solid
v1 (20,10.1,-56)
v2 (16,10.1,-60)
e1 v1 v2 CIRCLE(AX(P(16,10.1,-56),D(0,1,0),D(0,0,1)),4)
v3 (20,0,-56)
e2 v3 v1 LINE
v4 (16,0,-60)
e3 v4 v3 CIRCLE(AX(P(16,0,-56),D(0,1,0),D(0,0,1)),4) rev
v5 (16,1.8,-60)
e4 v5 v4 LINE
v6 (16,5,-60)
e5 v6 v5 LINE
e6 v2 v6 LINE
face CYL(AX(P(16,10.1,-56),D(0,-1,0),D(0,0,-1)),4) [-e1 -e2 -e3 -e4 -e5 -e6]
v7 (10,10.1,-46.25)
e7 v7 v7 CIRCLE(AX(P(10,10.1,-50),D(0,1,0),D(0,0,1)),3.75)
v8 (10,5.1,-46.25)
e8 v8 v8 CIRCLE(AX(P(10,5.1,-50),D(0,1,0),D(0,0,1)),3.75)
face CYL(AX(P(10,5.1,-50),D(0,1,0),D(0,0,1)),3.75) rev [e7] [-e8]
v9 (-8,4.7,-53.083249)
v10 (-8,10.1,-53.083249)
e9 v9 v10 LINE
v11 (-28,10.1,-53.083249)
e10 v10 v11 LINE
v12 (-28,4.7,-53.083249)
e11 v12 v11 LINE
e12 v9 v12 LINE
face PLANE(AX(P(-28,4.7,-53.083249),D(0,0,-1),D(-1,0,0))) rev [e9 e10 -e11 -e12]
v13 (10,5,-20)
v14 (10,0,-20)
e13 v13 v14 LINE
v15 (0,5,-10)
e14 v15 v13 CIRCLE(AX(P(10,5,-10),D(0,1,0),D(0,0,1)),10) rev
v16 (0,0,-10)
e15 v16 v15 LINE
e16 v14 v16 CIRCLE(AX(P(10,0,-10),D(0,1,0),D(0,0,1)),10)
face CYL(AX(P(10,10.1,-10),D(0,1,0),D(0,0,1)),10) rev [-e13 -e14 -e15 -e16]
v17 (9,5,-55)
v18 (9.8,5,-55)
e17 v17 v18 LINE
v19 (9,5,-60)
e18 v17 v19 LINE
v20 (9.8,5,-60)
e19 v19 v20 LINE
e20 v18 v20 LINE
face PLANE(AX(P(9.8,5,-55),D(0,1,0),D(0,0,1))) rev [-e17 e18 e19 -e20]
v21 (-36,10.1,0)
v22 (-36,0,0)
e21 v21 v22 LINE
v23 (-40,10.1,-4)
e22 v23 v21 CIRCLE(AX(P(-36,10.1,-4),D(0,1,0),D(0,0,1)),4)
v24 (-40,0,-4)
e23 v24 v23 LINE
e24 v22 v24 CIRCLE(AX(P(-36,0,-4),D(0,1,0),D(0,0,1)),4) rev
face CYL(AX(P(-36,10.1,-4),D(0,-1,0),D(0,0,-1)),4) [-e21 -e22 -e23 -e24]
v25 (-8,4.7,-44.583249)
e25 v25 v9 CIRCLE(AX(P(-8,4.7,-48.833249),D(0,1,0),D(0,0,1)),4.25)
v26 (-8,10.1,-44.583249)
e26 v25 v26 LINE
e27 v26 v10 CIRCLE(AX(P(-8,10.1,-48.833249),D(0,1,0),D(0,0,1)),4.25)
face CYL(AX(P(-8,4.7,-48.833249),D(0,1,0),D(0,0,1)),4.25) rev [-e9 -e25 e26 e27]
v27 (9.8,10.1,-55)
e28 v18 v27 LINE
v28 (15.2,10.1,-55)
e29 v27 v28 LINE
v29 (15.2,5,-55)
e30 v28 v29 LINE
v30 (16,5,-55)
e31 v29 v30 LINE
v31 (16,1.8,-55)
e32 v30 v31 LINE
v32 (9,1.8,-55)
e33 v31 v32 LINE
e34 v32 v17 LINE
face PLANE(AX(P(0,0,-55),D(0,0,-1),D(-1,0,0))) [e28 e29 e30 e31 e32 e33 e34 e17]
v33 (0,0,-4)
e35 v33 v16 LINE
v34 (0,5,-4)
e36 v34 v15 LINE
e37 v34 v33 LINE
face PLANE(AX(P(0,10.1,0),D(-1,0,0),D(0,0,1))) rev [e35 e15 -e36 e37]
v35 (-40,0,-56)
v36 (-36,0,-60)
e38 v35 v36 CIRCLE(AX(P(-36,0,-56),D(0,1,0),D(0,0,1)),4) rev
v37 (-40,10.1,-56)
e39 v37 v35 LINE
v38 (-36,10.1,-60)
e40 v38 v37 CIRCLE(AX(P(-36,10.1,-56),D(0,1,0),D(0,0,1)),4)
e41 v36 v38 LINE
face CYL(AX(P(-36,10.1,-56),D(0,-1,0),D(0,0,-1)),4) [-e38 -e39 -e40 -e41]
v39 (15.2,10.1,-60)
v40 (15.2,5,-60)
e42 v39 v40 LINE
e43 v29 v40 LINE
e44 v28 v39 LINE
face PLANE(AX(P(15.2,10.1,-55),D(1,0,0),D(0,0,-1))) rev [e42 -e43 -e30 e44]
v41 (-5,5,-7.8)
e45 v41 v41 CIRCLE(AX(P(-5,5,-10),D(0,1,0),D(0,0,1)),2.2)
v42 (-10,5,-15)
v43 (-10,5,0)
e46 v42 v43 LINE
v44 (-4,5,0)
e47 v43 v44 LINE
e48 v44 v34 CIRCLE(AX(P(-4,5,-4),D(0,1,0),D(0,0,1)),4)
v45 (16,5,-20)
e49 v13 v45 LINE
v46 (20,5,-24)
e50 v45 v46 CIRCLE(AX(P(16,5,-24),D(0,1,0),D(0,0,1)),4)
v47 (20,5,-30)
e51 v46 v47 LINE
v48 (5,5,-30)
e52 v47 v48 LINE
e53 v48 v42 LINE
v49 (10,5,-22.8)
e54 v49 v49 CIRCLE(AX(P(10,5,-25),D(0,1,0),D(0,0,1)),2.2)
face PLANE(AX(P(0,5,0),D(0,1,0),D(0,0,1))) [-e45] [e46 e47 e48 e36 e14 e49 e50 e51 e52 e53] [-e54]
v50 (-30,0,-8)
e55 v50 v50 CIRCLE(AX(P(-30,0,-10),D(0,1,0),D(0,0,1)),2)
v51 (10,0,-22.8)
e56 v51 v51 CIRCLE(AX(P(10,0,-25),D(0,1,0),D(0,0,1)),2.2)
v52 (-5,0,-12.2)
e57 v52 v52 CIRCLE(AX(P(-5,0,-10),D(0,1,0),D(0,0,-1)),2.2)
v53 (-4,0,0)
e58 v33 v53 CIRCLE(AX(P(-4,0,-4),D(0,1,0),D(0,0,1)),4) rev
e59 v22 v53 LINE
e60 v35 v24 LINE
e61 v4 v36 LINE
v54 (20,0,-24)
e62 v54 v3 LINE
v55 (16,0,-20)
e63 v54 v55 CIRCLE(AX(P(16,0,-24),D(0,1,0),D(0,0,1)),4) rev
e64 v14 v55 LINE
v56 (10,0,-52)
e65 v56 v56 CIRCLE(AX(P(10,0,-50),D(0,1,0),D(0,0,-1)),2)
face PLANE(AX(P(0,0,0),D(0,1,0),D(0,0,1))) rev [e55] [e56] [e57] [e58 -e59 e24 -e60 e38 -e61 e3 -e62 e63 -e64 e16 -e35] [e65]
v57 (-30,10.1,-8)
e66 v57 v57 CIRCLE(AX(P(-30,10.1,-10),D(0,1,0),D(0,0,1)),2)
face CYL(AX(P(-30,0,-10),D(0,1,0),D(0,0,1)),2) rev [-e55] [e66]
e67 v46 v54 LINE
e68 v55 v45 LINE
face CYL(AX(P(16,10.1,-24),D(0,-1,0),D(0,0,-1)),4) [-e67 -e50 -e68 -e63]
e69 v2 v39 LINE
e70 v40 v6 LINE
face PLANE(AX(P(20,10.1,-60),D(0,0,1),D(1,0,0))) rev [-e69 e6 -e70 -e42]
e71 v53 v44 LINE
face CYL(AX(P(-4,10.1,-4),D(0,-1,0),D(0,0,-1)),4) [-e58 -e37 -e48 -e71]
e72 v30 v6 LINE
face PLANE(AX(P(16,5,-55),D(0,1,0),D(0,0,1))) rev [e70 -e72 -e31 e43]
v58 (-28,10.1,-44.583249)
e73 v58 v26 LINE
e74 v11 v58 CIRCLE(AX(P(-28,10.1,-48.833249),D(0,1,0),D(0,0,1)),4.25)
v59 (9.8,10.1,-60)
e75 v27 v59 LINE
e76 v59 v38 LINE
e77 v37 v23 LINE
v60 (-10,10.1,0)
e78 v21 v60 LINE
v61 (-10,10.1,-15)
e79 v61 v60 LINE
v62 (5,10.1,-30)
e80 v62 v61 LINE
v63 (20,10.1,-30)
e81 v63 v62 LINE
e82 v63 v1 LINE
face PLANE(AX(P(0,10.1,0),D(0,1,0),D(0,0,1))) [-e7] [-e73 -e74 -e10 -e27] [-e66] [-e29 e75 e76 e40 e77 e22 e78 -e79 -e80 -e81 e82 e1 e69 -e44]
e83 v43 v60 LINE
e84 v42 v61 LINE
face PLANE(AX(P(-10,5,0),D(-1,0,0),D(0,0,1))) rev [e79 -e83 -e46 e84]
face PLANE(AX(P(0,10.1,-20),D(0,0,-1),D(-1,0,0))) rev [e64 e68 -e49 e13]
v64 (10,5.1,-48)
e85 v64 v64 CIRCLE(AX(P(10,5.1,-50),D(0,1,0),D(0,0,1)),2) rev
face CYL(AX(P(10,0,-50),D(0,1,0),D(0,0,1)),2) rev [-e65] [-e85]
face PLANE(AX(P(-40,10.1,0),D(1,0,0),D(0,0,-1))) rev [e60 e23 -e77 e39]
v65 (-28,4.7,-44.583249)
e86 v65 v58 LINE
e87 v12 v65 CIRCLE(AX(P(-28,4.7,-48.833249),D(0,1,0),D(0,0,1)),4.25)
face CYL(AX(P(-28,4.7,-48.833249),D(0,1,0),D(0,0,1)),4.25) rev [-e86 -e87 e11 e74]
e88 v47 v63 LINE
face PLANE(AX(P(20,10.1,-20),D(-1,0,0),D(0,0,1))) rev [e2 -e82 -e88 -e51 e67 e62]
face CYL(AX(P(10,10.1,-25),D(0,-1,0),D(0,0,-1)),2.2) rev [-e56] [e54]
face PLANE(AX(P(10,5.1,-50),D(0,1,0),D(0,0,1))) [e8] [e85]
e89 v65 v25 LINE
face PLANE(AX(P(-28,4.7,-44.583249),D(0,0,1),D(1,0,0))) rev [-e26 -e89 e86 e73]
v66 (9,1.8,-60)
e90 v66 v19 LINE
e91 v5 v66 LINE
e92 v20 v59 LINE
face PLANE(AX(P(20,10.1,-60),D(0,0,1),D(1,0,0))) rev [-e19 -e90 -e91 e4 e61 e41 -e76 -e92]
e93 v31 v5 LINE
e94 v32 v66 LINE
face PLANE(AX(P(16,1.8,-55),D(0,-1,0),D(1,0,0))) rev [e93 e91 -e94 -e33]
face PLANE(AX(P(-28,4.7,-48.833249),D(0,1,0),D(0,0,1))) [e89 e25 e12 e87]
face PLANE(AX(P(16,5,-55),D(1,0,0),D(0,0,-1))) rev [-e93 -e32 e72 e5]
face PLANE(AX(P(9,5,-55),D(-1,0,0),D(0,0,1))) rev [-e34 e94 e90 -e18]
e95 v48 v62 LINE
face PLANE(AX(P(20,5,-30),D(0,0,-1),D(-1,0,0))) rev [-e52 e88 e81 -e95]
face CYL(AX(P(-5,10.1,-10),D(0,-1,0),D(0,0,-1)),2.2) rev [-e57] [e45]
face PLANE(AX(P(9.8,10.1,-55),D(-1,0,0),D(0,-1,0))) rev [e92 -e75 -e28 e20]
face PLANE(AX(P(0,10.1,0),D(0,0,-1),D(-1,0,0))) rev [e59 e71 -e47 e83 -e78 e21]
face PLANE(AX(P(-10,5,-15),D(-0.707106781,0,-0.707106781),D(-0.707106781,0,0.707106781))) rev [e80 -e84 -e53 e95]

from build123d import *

# Parameters (mm, degrees)
SKETCH1_R           = 2.2
BOSS_EXTRUDE1_DEPTH = 10.1
CUT_EXTRUDE2_DEPTH  = 5.4
CUT_EXTRUDE4_DEPTH  = 5.1
SKETCH9_R           = 2
CUT_EXTRUDE5_DEPTH  = 73.814902321
SKETCH10_R          = 3.75
CUT_EXTRUDE6_DEPTH  = 5
FILLET2_R           = 10
FILLET3_R           = 4
CUT_EXTRUDE7_DEPTH  = 5


with BuildPart() as part:
    # Sketch1 → Boss-Extrude1 (new body)
    with BuildSketch(Plane(origin=(0, 0, 0), x_dir=(1, 0, 0), z_dir=(0, 1, 0))):
        Polygon((0, 0), (0, 20), (20, 20), (20, 60), (-40, 60), (-40, 0), align=None)
        with Locations(Location((10, 25, 0), (0, 0, 270))):
            Circle(SKETCH1_R, mode=Mode.SUBTRACT)
        with Locations(Location((-5, 10, 0), (0, 0, 90))):
            Circle(SKETCH1_R, mode=Mode.SUBTRACT)
    extrude(amount=BOSS_EXTRUDE1_DEPTH)

    # Sketch4 → Cut-Extrude2 (cut)
    with BuildSketch(Plane(origin=(0, 10.1, 0), x_dir=(1, 0, 0), z_dir=(0, 1, 0))):
        with BuildLine():
            Line((-28, 53.083248844), (-8, 53.083248844))
            ThreePointArc((-8, 53.083248844), (-3.75, 48.833248844), (-8, 44.583248844))
            Line((-8, 44.583248844), (-28, 44.583248844))
            ThreePointArc((-28, 44.583248844), (-32.25, 48.833248844), (-28, 53.083248844))
        make_face()
    extrude(amount=-CUT_EXTRUDE2_DEPTH, mode=Mode.SUBTRACT)

    # Sketch7 → Cut-Extrude4 (cut)
    with BuildSketch(Plane(origin=(0, 10.1, 0), x_dir=(1, 0, 0), z_dir=(0, 1, 0))):
        Polygon((20, 0), (-10, 0), (-10, 15), (5, 30), (20, 30), align=None)
    extrude(amount=-CUT_EXTRUDE4_DEPTH, mode=Mode.SUBTRACT)

    # Sketch9 → Cut-Extrude5 (cut, through all)
    with BuildSketch(Plane(origin=(0, 10.1, 0), x_dir=(1, 0, 0), z_dir=(0, 1, 0))):
        with Locations(Location((-30, 10, 0), (0, 0, 270))):
            Circle(SKETCH9_R)
        with Locations(Location((10, 50, 0), (0, 0, 90))):
            Circle(SKETCH9_R)
    extrude(amount=-CUT_EXTRUDE5_DEPTH, mode=Mode.SUBTRACT)

    # Sketch10 → Cut-Extrude6 (cut)
    with BuildSketch(Plane(origin=(0, 10.1, 0), x_dir=(1, 0, 0), z_dir=(0, 1, 0))):
        with Locations(Location((10, 50, 0), (0, 0, 270))):
            Circle(SKETCH10_R)
    extrude(amount=-CUT_EXTRUDE6_DEPTH, mode=Mode.SUBTRACT)

    # Fillet2
    fillet2_edges = [part.edges().sort_by_distance(p)[0] for p in [
        (0, 2.5, -20),
    ]]
    fillet(fillet2_edges, radius=FILLET2_R)

    # Fillet3
    fillet3_edges = [part.edges().sort_by_distance(p)[0] for p in [
        (-40, 5.05, -60),
        (20, 5.05, -60),
        (-40, 5.05, 0),
        (20, 2.5, -20),
        (0, 2.5, 0),
    ]]
    fillet(fillet3_edges, radius=FILLET3_R)

    # Sketch11 → Cut-Extrude7 (cut)
    with BuildSketch(Plane(origin=(0, 0, -60), x_dir=(-1, 0, 0), z_dir=(0, 0, -1))):
        Polygon((-16, 5), (-15.2, 5), (-15.2, 10.1), (-9.8, 10.1), (-9.8, 5), (-9, 5), (-9, 1.8), (-16, 1.8), align=None)
    extrude(amount=-CUT_EXTRUDE7_DEPTH, mode=Mode.SUBTRACT)


solid = part.part
